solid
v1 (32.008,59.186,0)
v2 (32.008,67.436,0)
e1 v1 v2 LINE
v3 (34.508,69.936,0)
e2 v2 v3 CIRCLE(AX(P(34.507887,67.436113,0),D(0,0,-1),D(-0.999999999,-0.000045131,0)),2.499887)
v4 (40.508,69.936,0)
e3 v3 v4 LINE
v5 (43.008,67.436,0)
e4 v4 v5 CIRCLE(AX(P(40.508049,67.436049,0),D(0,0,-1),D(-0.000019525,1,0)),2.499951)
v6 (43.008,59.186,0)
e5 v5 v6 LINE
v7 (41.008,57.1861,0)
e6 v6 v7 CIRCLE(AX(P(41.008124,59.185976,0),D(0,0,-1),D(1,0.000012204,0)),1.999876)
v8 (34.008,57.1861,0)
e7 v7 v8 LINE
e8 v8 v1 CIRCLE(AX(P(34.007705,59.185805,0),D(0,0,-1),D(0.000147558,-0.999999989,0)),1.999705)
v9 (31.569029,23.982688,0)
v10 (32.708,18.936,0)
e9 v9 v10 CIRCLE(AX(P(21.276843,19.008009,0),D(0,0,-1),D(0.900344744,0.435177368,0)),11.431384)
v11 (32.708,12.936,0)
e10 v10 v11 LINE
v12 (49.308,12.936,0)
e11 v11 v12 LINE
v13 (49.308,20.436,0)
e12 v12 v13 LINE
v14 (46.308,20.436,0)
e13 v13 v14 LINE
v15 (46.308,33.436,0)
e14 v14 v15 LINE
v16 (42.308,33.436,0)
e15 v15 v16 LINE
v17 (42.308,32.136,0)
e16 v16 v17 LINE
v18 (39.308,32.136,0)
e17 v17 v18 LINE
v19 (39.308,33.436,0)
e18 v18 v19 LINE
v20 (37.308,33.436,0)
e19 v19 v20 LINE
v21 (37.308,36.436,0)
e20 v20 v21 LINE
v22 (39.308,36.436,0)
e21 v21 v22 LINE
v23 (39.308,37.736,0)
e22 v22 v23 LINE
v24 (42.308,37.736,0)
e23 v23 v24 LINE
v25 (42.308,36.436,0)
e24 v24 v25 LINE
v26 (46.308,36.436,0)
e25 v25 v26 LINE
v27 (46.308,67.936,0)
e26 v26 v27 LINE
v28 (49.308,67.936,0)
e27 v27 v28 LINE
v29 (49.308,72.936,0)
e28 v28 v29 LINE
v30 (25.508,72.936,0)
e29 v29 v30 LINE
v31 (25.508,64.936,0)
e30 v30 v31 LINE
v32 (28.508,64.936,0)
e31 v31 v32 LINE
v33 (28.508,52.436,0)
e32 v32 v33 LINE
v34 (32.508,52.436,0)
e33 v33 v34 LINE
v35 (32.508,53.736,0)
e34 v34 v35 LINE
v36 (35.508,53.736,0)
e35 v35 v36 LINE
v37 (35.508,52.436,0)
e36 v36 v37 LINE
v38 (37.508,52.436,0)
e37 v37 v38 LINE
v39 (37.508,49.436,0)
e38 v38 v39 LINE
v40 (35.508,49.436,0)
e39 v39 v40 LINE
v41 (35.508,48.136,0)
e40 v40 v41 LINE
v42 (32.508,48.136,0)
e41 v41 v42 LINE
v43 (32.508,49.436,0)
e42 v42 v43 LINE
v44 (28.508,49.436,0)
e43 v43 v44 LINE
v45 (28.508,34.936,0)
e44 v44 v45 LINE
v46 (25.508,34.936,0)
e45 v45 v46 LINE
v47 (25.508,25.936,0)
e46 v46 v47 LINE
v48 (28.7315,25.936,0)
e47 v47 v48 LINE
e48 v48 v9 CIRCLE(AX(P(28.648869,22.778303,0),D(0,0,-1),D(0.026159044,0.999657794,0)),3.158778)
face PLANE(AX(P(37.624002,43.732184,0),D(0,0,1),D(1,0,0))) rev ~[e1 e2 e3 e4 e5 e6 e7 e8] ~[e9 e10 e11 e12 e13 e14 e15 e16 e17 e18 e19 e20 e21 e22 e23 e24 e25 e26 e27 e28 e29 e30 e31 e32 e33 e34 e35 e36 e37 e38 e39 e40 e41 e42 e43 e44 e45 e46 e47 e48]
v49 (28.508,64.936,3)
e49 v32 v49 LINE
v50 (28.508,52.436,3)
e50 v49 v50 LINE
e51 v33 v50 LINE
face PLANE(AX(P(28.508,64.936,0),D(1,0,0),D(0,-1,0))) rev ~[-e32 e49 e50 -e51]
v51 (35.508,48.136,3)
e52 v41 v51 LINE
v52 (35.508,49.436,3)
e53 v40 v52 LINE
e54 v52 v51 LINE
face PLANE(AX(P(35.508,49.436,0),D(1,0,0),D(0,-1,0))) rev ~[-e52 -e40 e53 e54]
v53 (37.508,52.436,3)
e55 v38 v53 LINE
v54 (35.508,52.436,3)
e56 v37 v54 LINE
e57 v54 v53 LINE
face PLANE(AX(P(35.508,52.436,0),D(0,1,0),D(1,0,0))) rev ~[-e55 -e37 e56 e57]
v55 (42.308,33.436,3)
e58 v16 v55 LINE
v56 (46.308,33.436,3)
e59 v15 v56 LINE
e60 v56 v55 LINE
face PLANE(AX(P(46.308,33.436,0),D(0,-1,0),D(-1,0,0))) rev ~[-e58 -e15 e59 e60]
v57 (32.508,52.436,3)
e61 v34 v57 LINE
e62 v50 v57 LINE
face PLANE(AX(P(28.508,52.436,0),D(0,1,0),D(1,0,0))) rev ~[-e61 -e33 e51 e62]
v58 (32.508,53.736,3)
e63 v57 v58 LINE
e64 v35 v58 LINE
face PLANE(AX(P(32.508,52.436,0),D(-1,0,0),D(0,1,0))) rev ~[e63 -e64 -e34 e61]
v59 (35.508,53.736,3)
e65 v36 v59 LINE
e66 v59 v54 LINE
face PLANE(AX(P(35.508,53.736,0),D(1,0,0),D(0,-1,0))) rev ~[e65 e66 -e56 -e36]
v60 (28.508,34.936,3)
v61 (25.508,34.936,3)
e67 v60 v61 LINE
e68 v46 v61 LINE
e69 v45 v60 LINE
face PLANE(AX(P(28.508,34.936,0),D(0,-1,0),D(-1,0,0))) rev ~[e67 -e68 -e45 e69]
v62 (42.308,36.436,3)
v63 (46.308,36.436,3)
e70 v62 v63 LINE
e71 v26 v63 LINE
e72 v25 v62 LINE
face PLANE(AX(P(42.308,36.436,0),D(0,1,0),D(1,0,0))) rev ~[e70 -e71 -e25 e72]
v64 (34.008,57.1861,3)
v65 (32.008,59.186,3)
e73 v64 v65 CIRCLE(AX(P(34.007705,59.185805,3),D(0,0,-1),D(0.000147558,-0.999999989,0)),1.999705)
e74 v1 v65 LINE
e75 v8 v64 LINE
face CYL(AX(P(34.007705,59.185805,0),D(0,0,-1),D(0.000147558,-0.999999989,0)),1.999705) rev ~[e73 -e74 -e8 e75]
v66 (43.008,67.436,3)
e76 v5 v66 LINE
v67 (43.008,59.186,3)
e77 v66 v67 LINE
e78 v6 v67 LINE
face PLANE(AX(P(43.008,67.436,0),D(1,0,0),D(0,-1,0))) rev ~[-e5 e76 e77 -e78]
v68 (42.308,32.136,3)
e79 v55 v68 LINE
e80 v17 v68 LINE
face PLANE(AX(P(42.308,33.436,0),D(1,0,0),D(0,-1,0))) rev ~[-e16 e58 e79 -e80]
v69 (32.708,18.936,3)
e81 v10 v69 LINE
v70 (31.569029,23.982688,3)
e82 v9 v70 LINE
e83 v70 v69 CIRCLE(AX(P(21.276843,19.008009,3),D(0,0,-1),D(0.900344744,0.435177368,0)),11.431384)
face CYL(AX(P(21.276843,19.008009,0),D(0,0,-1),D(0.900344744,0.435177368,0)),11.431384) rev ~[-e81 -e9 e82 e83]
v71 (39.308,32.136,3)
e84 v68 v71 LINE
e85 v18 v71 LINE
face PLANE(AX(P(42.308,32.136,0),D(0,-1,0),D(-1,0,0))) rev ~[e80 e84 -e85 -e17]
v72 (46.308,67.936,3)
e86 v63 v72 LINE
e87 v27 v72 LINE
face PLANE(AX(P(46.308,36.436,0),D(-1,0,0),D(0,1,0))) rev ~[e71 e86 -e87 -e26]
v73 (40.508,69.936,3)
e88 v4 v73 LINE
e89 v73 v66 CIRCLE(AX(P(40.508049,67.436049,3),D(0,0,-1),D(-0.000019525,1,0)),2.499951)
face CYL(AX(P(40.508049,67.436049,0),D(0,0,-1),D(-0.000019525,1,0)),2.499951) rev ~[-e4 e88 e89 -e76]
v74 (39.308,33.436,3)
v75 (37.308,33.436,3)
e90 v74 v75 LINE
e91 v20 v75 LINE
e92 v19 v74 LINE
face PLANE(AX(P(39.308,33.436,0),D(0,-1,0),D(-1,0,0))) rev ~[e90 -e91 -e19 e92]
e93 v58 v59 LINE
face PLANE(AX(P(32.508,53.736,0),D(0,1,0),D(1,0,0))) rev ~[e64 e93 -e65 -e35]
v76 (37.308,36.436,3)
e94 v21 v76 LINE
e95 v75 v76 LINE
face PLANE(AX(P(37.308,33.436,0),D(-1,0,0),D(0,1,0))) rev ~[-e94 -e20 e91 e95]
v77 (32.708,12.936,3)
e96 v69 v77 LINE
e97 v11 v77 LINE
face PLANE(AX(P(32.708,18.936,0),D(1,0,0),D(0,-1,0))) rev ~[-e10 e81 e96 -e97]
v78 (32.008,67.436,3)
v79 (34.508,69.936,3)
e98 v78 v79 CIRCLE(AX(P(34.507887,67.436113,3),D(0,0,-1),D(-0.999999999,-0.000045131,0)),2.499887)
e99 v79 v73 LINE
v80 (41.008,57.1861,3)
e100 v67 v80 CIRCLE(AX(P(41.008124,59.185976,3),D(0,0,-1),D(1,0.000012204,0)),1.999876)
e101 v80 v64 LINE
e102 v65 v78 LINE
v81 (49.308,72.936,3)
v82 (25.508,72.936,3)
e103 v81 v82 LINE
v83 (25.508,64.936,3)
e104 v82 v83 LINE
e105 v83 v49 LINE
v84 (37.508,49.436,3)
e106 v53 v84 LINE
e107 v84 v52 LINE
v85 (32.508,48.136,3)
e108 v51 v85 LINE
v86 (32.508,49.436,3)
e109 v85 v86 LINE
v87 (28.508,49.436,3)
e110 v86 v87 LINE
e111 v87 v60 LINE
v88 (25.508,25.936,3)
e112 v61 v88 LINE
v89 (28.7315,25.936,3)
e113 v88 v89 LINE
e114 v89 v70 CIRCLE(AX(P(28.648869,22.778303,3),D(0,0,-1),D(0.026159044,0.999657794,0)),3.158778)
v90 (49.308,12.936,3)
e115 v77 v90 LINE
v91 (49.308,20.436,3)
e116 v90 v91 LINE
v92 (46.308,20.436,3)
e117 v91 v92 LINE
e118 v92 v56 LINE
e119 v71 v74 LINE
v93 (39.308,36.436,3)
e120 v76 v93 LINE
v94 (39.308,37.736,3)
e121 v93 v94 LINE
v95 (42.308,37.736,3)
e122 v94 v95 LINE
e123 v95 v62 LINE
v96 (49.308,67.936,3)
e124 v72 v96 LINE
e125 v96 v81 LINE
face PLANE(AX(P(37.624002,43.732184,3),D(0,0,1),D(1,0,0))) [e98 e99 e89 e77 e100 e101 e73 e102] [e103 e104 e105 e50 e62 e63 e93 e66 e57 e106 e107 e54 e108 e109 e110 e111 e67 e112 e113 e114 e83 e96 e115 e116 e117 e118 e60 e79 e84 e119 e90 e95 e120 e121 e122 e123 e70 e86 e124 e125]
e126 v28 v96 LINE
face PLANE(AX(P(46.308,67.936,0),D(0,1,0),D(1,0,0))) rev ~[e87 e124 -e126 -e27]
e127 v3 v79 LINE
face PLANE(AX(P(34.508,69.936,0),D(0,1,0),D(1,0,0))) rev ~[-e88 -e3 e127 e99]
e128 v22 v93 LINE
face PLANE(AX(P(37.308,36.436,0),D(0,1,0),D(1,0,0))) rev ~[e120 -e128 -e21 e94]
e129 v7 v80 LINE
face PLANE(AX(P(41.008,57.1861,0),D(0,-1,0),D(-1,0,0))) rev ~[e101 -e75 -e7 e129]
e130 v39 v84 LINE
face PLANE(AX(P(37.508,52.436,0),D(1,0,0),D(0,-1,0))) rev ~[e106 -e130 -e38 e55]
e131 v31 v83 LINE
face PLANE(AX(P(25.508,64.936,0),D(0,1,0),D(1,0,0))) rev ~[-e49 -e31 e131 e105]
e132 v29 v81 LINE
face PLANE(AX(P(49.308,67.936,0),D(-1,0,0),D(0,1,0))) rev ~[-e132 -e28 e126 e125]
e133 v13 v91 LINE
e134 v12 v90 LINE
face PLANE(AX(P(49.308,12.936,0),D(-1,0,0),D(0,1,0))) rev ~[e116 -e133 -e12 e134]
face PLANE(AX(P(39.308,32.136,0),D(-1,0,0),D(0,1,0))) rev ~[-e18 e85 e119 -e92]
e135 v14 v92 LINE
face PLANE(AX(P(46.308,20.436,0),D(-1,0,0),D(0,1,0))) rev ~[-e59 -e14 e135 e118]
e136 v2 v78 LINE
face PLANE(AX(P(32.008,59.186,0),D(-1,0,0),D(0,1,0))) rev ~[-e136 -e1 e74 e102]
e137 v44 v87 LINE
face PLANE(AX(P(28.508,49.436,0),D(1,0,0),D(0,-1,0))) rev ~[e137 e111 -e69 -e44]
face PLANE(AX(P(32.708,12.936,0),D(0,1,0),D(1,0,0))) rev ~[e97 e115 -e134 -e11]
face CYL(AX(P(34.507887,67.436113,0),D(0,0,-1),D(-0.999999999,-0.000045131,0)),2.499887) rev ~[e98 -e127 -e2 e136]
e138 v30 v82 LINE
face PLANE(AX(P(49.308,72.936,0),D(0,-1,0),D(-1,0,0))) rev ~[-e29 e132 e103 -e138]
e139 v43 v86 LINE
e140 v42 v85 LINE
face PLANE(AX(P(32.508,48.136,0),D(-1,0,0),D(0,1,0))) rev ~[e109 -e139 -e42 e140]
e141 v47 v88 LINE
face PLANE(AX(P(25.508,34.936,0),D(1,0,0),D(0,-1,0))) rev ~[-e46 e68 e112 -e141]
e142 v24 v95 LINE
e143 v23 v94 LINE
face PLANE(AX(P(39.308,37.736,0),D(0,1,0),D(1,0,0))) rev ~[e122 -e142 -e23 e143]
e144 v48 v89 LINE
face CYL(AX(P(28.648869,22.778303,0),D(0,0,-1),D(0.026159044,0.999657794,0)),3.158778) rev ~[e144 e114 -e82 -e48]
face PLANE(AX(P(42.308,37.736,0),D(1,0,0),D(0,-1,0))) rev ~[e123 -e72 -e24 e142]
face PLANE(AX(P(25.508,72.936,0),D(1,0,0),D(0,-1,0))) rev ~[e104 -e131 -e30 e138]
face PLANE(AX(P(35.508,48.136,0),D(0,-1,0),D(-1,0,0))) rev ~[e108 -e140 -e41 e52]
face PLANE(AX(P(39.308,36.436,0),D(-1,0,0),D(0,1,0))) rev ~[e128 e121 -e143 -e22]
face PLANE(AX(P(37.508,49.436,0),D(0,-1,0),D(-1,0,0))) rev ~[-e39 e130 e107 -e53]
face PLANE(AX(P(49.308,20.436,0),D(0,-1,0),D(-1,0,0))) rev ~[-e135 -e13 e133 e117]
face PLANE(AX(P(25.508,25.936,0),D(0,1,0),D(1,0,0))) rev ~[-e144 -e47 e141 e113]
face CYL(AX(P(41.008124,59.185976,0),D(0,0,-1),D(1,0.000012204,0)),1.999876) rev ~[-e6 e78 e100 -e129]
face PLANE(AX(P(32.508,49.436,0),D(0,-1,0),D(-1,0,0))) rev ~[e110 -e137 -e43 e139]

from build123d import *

# Parameters (mm, degrees)
BOSS_EXTRUDE1_DEPTH = 3


with BuildPart() as part:
    # Model → Boss-Extrude1 (new body)
    with BuildSketch(Plane.XY):
        with BuildLine():
            Line((37.008, 72.936), (25.508, 72.936))
            Line((25.508, 72.936), (25.508, 64.936))
            Line((25.508, 64.936), (28.508, 64.936))
            Line((28.508, 64.936), (28.508, 52.436))
            Line((28.508, 52.436), (32.508, 52.436))
            Line((32.508, 52.436), (32.508, 53.736))
            Line((32.508, 53.736), (35.508, 53.736))
            Line((35.508, 53.736), (35.508, 52.436))
            Line((35.508, 52.436), (37.508, 52.436))
            Line((37.508, 52.436), (37.508, 49.436))
            Line((37.508, 49.436), (35.508, 49.436))
            Line((35.508, 49.436), (35.508, 48.136))
            Line((35.508, 48.136), (32.508, 48.136))
            Line((32.508, 48.136), (32.508, 49.436))
            Line((32.508, 49.436), (28.508, 49.436))
            Line((28.508, 49.436), (28.508, 34.936))
            Line((28.508, 34.936), (25.508, 34.936))
            Line((25.508, 34.936), (25.508, 30.436))
            Line((25.508, 30.436), (25.508, 25.936))
            Line((25.508, 25.936), (28.7315, 25.936))
            ThreePointArc((28.7315, 25.936), (30.43997083, 25.380193402), (31.569029282, 23.982688281))
            ThreePointArc((31.569029282, 23.982688281), (32.427770148, 21.524625278), (32.708, 18.936))
            Line((32.708, 18.936), (32.708, 12.936))
            Line((32.708, 12.936), (49.308, 12.936))
            Line((49.308, 12.936), (49.308, 20.436))
            Line((49.308, 20.436), (46.308, 20.436))
            Line((46.308, 20.436), (46.308, 33.436))
            Line((46.308, 33.436), (42.308, 33.436))
            Line((42.308, 33.436), (42.308, 32.136))
            Line((42.308, 32.136), (39.308, 32.136))
            Line((39.308, 32.136), (39.308, 33.436))
            Line((39.308, 33.436), (37.308, 33.436))
            Line((37.308, 33.436), (37.308, 36.436))
            Line((37.308, 36.436), (39.308, 36.436))
            Line((39.308, 36.436), (39.308, 37.736))
            Line((39.308, 37.736), (42.308, 37.736))
            Line((42.308, 37.736), (42.308, 36.436))
            Line((42.308, 36.436), (46.308, 36.436))
            Line((46.308, 36.436), (46.308, 67.936))
            Line((46.308, 67.936), (49.308, 67.936))
            Line((49.308, 67.936), (49.308, 72.936))
            Line((49.308, 72.936), (37.008, 72.936))
        make_face()
        with BuildLine():
            Line((41.008, 57.1861), (34.008, 57.1861))
            ThreePointArc((34.008, 57.1861), (32.593735358, 57.771764643), (32.008, 59.186))
            Line((32.008, 59.186), (32.008, 67.436))
            ThreePointArc((32.008, 67.436), (32.7402, 69.2038), (34.508, 69.936))
            Line((34.508, 69.936), (40.508, 69.936))
            ThreePointArc((40.508, 69.936), (42.27578125, 69.20378125), (43.008, 67.436))
            Line((43.008, 67.436), (43.008, 59.186))
            ThreePointArc((43.008, 59.186), (42.422214645, 57.771814644), (41.008, 57.1861))
        make_face(mode=Mode.SUBTRACT)
    extrude(amount=BOSS_EXTRUDE1_DEPTH)


solid = part.part
